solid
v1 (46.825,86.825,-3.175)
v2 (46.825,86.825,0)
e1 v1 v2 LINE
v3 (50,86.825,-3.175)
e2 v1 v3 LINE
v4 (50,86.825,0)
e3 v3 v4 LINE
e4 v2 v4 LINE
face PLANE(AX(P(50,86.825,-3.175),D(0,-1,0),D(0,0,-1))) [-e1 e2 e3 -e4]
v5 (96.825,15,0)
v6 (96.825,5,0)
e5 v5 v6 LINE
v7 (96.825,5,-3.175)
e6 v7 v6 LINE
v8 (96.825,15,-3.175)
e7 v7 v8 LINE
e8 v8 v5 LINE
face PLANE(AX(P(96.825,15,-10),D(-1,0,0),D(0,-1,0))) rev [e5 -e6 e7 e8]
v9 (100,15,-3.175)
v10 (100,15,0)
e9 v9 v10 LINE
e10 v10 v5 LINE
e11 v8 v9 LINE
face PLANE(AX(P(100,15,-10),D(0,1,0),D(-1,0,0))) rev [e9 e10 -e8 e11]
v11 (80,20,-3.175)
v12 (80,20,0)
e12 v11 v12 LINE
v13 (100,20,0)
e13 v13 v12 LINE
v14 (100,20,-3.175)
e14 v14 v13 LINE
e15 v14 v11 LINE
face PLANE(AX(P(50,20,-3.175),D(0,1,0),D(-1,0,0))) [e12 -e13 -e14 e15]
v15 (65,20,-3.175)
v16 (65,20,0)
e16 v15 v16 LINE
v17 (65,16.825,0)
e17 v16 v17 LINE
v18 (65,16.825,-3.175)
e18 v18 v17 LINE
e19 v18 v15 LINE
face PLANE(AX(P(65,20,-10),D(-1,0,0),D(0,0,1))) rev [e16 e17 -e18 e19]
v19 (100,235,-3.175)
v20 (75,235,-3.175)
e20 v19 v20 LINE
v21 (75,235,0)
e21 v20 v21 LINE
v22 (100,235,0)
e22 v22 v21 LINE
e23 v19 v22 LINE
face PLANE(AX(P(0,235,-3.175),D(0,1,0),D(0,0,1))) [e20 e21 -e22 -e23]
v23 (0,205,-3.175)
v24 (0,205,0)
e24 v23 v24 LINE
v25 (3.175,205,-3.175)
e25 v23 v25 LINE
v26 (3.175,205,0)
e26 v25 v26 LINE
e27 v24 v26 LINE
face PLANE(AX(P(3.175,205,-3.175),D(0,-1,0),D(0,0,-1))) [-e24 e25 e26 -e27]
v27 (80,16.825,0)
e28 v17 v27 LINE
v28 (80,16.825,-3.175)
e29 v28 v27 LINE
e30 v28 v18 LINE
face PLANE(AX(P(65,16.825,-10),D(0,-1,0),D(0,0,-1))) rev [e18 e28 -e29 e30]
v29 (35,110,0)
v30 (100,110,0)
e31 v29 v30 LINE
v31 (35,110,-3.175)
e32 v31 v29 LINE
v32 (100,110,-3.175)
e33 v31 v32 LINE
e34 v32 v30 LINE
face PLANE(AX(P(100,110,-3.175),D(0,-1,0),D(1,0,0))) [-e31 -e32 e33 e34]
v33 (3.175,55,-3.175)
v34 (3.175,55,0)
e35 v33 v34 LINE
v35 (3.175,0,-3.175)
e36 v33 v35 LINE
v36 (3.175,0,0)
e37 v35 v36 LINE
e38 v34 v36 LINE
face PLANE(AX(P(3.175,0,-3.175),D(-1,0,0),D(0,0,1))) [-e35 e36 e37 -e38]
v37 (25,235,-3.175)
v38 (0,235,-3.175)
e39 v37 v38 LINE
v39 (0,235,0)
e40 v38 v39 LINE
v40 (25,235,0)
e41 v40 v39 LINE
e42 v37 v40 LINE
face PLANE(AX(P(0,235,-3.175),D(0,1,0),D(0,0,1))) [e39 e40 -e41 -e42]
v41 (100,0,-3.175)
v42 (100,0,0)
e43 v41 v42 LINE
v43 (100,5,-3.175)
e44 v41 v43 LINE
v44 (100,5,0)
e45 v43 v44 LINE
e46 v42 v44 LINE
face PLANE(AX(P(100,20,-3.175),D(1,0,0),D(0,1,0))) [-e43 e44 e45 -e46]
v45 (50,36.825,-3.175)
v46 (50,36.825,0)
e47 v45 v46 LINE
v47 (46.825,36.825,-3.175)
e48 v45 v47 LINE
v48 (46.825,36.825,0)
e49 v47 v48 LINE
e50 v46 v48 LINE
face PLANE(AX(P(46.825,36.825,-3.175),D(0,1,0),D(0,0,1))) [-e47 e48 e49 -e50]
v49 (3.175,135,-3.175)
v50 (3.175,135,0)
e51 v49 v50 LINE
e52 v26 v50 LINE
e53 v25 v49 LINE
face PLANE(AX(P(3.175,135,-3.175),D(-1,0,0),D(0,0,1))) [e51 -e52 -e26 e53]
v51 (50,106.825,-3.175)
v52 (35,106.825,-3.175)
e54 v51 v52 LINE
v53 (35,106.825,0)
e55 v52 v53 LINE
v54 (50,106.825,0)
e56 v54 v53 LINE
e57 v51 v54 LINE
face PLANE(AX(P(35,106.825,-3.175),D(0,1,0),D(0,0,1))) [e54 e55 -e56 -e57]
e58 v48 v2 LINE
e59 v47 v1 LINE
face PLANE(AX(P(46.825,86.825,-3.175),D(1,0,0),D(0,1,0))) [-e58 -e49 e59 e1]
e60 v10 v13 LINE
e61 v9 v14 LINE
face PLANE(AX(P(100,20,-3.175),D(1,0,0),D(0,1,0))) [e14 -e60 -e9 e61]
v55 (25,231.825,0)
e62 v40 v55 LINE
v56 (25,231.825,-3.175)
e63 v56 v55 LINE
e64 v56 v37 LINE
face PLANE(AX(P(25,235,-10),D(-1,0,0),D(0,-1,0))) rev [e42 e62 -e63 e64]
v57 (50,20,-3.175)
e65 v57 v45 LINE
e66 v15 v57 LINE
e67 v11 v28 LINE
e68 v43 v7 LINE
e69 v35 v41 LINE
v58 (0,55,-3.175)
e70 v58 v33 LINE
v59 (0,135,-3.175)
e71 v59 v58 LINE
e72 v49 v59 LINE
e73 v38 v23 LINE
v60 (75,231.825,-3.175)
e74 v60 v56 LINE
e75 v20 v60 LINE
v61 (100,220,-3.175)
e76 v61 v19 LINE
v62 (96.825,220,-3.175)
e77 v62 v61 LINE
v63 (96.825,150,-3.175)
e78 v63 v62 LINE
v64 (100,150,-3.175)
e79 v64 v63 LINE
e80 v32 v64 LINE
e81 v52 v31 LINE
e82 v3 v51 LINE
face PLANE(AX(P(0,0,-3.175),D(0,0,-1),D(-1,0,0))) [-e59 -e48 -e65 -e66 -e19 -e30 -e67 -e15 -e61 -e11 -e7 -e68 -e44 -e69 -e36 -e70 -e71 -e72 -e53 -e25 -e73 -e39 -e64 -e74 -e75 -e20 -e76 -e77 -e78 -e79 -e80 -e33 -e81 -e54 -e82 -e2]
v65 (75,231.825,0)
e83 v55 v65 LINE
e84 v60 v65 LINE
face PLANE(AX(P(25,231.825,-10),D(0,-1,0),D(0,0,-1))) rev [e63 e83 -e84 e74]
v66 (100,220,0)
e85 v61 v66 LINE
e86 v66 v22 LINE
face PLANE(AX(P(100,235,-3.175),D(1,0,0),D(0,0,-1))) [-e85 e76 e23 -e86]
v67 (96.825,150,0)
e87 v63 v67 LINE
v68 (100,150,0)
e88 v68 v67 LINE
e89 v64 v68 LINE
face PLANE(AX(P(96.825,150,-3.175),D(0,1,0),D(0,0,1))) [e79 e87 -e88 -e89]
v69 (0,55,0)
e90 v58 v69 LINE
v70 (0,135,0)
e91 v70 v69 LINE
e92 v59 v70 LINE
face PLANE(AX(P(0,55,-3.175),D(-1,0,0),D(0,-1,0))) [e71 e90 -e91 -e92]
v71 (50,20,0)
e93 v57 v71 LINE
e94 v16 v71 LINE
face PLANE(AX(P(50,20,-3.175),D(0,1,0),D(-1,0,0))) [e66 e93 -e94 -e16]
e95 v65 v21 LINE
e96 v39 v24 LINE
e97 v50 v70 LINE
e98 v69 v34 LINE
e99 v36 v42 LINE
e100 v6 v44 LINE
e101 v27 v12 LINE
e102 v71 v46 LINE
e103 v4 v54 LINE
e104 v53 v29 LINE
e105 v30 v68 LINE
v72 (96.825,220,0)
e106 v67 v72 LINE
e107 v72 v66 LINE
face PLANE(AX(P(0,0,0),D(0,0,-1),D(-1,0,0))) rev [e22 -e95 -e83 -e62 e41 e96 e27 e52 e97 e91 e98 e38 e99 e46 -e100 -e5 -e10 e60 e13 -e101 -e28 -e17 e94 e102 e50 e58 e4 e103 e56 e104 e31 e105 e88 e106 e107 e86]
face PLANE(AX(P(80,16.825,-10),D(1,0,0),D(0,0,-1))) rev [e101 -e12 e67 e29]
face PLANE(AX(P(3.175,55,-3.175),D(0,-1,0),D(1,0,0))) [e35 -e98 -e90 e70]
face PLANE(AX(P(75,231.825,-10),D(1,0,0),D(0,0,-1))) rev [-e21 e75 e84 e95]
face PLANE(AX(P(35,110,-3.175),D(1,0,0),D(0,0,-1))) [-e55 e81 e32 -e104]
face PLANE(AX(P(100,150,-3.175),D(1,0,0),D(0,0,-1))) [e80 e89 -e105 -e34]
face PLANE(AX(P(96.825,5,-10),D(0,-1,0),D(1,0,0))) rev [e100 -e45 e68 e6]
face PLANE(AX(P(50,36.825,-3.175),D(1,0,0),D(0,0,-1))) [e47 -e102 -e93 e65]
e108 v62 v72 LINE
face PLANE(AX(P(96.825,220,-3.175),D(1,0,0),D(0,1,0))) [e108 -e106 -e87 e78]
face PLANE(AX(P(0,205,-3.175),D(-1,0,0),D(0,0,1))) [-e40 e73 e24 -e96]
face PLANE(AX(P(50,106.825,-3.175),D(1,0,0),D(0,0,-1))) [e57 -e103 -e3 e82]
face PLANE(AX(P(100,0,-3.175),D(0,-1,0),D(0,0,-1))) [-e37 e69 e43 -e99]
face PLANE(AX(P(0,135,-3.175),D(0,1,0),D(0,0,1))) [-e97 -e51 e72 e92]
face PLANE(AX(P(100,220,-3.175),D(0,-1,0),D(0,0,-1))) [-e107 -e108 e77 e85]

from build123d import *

# Parameters (mm, degrees)
BOSS_EXTRUDE1_DEPTH = 3.175
SKETCH2_W           = 15
SKETCH2_H           = 3.175
CUT_EXTRUDE1_DEPTH  = 10
SKETCH3_W           = 50
SKETCH3_H           = 3.175
CUT_EXTRUDE2_DEPTH  = 10
SKETCH4_W           = 3.175
SKETCH4_H           = 10
CUT_EXTRUDE3_DEPTH  = 10


with BuildPart() as part:
    # Sketch1 → Boss-Extrude1 (new body)
    with BuildSketch(Plane.XY):
        Polygon((3.175, 0), (3.175, 55), (0, 55), (0, 135), (3.175, 135), (3.175, 205), (0, 205), (0, 235), (100, 235), (100, 220), (96.825, 220), (96.825, 150), (100, 150), (100, 110), (50, 110), (35, 110), (35, 106.825), (50, 106.825), (50, 86.825), (46.825, 86.825), (46.825, 36.825), (50, 36.825), (50, 20), (100, 20), (100, 0), align=None)
    extrude(amount=-BOSS_EXTRUDE1_DEPTH)

    # Sketch2 → Cut-Extrude1 (cut)
    with BuildSketch(Plane.XY):
        with Locations((72.5, 18.4125)):
            Rectangle(SKETCH2_W, SKETCH2_H)
    extrude(amount=-CUT_EXTRUDE1_DEPTH, mode=Mode.SUBTRACT)

    # Sketch3 → Cut-Extrude2 (cut)
    with BuildSketch(Plane.XY):
        with Locations((50, 233.4125)):
            Rectangle(SKETCH3_W, SKETCH3_H)
    extrude(amount=-CUT_EXTRUDE2_DEPTH, mode=Mode.SUBTRACT)

    # Sketch4 → Cut-Extrude3 (cut)
    with BuildSketch(Plane.XY):
        with Locations((98.4125, 10)):
            Rectangle(SKETCH4_W, SKETCH4_H)
    extrude(amount=-CUT_EXTRUDE3_DEPTH, mode=Mode.SUBTRACT)


solid = part.part
